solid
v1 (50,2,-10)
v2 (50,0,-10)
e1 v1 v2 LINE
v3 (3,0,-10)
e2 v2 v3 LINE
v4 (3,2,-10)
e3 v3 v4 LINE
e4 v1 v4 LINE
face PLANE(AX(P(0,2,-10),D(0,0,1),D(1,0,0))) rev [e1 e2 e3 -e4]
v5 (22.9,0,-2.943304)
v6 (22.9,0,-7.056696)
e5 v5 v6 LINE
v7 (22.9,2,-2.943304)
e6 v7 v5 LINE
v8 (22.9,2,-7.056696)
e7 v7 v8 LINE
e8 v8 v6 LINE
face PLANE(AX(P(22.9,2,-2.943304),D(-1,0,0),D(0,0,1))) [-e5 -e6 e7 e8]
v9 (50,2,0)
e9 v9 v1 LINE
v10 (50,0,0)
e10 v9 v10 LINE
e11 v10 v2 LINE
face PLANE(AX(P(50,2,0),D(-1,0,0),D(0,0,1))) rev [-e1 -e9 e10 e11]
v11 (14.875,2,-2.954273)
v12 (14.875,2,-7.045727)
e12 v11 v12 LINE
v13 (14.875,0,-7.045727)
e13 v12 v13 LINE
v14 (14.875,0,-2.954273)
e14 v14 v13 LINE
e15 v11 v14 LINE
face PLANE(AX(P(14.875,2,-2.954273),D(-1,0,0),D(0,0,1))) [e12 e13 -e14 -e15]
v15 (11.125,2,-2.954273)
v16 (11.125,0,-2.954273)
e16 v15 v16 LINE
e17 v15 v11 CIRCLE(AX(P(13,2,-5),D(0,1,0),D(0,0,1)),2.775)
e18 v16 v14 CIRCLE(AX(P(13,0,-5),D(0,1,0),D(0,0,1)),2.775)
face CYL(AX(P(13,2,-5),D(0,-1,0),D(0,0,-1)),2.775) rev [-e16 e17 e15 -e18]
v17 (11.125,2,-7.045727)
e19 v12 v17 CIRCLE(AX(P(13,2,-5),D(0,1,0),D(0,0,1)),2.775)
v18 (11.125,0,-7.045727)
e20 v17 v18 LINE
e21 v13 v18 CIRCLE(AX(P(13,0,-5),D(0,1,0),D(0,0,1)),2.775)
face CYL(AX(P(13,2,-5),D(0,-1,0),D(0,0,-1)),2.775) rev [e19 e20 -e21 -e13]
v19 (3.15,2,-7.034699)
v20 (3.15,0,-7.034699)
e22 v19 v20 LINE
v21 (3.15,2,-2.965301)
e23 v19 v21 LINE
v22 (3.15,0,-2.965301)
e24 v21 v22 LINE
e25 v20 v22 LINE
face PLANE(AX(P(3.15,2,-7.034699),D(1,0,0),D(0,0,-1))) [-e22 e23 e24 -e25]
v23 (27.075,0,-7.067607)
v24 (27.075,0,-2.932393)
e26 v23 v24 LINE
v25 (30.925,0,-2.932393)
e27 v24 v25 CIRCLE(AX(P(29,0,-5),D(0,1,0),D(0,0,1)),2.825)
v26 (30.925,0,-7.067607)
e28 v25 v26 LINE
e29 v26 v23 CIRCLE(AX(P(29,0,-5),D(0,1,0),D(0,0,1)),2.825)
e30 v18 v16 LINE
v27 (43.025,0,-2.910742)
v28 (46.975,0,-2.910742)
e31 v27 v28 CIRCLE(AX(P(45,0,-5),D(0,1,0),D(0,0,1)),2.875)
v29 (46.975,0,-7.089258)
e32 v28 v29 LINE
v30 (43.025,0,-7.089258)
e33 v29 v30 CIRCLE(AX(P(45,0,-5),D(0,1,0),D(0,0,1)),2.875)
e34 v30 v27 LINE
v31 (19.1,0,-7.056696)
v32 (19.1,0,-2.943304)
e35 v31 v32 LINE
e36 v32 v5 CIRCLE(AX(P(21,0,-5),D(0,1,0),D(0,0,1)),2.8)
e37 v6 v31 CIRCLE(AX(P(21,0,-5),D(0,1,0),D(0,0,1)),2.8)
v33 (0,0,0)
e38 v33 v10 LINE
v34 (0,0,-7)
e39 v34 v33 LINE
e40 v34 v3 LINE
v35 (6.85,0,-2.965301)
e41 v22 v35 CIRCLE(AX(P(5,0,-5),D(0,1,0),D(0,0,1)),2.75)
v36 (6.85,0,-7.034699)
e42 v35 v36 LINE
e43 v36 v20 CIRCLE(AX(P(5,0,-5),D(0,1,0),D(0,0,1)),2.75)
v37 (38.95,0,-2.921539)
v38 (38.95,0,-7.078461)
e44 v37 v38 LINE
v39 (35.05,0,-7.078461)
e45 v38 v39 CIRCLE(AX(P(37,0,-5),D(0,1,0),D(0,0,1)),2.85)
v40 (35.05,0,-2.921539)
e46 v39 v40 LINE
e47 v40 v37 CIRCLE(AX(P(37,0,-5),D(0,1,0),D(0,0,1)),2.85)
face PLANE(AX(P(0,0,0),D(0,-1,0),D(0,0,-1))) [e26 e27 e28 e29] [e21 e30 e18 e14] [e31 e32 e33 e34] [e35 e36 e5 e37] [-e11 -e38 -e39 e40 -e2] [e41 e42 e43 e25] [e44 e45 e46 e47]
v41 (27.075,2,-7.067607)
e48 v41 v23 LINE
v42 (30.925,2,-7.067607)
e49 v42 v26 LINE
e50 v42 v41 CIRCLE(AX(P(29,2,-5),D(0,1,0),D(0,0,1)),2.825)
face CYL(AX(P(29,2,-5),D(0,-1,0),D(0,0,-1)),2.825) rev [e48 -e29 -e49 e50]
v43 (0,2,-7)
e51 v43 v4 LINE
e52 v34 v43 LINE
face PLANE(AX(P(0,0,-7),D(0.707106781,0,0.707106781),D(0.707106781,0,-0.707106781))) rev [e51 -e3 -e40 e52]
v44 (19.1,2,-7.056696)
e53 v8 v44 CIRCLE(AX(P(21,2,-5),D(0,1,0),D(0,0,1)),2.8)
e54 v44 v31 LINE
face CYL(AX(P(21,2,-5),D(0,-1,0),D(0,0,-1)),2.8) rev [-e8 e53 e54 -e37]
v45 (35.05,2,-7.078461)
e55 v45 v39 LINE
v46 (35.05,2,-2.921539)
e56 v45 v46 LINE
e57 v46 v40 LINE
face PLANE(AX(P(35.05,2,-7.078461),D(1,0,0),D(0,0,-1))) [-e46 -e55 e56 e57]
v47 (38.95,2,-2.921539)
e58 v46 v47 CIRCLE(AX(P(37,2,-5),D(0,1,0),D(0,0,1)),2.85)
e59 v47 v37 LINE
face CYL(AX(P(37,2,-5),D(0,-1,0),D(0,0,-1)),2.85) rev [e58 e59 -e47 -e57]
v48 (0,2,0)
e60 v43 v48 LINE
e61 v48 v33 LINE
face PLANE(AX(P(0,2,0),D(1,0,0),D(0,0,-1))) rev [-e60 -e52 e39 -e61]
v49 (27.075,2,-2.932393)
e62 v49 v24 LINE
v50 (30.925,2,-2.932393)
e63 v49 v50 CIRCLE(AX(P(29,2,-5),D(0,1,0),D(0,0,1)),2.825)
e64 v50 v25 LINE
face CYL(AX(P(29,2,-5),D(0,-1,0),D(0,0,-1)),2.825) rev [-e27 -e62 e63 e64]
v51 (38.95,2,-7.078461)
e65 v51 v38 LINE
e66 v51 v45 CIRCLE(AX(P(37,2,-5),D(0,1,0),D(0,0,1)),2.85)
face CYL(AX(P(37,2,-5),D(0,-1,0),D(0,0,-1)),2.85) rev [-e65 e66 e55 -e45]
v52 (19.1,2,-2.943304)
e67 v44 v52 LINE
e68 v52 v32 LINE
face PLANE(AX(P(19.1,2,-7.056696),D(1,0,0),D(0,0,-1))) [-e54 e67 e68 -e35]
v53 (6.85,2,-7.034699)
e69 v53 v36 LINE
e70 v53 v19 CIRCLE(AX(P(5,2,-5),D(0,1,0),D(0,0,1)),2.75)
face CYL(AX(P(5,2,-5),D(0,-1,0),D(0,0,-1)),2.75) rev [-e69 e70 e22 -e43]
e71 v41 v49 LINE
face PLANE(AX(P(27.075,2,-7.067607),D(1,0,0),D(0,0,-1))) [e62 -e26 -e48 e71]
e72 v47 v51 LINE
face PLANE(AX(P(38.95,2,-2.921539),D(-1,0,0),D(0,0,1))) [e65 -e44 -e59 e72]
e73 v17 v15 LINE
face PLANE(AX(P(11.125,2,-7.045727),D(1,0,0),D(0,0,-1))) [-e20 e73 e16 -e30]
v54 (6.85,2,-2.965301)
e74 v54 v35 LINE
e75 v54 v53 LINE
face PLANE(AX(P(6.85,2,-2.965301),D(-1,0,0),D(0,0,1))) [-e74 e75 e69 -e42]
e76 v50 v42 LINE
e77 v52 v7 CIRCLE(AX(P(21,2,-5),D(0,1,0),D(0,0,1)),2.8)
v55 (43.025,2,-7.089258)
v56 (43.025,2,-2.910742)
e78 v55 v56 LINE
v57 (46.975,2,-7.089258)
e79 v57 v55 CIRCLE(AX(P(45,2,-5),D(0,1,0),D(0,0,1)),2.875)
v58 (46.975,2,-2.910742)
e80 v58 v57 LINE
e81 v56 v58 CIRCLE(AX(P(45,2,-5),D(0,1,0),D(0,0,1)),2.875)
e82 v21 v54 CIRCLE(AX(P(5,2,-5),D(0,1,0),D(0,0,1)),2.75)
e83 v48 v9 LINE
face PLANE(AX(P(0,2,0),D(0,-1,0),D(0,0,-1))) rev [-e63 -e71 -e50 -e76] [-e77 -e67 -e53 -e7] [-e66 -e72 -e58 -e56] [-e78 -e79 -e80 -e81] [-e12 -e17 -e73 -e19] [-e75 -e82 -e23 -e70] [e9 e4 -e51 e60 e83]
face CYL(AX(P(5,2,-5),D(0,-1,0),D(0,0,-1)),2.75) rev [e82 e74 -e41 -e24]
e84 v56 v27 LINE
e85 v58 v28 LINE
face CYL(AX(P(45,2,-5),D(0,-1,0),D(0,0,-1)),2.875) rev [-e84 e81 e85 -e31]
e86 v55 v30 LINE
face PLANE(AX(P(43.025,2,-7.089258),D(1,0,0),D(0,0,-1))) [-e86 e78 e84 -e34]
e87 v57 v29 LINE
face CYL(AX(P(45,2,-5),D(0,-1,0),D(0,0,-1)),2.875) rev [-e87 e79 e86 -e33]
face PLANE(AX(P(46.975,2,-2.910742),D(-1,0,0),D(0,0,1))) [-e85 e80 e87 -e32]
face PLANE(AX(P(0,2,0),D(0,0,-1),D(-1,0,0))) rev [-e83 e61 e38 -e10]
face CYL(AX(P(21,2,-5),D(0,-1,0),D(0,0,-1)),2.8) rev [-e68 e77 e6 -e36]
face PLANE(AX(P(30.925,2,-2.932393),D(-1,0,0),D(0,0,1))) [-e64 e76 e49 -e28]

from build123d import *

# Parameters (mm, degrees)
SKETCH1_W           = 50
SKETCH1_H           = 10
BOSS_EXTRUDE1_DEPTH = 2
CUT_EXTRUDE1_DEPTH  = 3


with BuildPart() as part:
    # Sketch1 → Boss-Extrude1 (new body)
    with BuildSketch(Plane(origin=(0, 0, 0), x_dir=(1, 0, 0), z_dir=(0, 1, 0))):
        with Locations((25, 5)):
            Rectangle(SKETCH1_W, SKETCH1_H)
        with BuildLine():
            Line((3.15, 7.034698995), (3.15, 2.965301005))
            ThreePointArc((3.15, 2.965301005), (5, 2.25), (6.85, 2.965301005))
            Line((6.85, 2.965301005), (6.85, 7.034698995))
            ThreePointArc((6.85, 7.034698995), (5, 7.75), (3.15, 7.034698995))
        make_face(mode=Mode.SUBTRACT)
        with BuildLine():
            Line((11.125, 7.045727255), (11.125, 2.954272745))
            ThreePointArc((11.125, 2.954272745), (13, 2.225), (14.875, 2.954272745))
            Line((14.875, 2.954272745), (14.875, 7.045727255))
            ThreePointArc((14.875, 7.045727255), (13, 7.775), (11.125, 7.045727255))
        make_face(mode=Mode.SUBTRACT)
        with BuildLine():
            Line((19.1, 7.05669638), (19.1, 2.94330362))
            ThreePointArc((19.1, 2.94330362), (21, 2.2), (22.9, 2.94330362))
            Line((22.9, 2.94330362), (22.9, 7.05669638))
            ThreePointArc((22.9, 7.05669638), (21, 7.8), (19.1, 7.05669638))
        make_face(mode=Mode.SUBTRACT)
        with BuildLine():
            Line((27.075, 7.067607313), (27.075, 2.932392687))
            ThreePointArc((27.075, 2.932392687), (29, 2.175), (30.925, 2.932392687))
            Line((30.925, 2.932392687), (30.925, 7.067607313))
            ThreePointArc((30.925, 7.067607313), (29, 7.825), (27.075, 7.067607313))
        make_face(mode=Mode.SUBTRACT)
        with BuildLine():
            Line((38.95, 2.921539031), (38.95, 7.078460969))
            ThreePointArc((38.95, 7.078460969), (37, 7.85), (35.05, 7.078460969))
            Line((35.05, 7.078460969), (35.05, 2.921539031))
            ThreePointArc((35.05, 2.921539031), (37, 2.15), (38.95, 2.921539031))
        make_face(mode=Mode.SUBTRACT)
        with BuildLine():
            Line((46.975, 2.910741758), (46.975, 7.089258242))
            ThreePointArc((46.975, 7.089258242), (45, 7.875), (43.025, 7.089258242))
            Line((43.025, 7.089258242), (43.025, 2.910741758))
            ThreePointArc((43.025, 2.910741758), (45, 2.125), (46.975, 2.910741758))
        make_face(mode=Mode.SUBTRACT)
    extrude(amount=BOSS_EXTRUDE1_DEPTH)

    # Sketch2 → Cut-Extrude1 (cut, through all)
    with BuildSketch(Plane(origin=(0, 2, 0), x_dir=(1, 0, 0), z_dir=(0, 1, 0))):
        Polygon((0, 7), (3, 10), (0, 10), align=None)
    extrude(amount=-CUT_EXTRUDE1_DEPTH, mode=Mode.SUBTRACT)


solid = part.part
